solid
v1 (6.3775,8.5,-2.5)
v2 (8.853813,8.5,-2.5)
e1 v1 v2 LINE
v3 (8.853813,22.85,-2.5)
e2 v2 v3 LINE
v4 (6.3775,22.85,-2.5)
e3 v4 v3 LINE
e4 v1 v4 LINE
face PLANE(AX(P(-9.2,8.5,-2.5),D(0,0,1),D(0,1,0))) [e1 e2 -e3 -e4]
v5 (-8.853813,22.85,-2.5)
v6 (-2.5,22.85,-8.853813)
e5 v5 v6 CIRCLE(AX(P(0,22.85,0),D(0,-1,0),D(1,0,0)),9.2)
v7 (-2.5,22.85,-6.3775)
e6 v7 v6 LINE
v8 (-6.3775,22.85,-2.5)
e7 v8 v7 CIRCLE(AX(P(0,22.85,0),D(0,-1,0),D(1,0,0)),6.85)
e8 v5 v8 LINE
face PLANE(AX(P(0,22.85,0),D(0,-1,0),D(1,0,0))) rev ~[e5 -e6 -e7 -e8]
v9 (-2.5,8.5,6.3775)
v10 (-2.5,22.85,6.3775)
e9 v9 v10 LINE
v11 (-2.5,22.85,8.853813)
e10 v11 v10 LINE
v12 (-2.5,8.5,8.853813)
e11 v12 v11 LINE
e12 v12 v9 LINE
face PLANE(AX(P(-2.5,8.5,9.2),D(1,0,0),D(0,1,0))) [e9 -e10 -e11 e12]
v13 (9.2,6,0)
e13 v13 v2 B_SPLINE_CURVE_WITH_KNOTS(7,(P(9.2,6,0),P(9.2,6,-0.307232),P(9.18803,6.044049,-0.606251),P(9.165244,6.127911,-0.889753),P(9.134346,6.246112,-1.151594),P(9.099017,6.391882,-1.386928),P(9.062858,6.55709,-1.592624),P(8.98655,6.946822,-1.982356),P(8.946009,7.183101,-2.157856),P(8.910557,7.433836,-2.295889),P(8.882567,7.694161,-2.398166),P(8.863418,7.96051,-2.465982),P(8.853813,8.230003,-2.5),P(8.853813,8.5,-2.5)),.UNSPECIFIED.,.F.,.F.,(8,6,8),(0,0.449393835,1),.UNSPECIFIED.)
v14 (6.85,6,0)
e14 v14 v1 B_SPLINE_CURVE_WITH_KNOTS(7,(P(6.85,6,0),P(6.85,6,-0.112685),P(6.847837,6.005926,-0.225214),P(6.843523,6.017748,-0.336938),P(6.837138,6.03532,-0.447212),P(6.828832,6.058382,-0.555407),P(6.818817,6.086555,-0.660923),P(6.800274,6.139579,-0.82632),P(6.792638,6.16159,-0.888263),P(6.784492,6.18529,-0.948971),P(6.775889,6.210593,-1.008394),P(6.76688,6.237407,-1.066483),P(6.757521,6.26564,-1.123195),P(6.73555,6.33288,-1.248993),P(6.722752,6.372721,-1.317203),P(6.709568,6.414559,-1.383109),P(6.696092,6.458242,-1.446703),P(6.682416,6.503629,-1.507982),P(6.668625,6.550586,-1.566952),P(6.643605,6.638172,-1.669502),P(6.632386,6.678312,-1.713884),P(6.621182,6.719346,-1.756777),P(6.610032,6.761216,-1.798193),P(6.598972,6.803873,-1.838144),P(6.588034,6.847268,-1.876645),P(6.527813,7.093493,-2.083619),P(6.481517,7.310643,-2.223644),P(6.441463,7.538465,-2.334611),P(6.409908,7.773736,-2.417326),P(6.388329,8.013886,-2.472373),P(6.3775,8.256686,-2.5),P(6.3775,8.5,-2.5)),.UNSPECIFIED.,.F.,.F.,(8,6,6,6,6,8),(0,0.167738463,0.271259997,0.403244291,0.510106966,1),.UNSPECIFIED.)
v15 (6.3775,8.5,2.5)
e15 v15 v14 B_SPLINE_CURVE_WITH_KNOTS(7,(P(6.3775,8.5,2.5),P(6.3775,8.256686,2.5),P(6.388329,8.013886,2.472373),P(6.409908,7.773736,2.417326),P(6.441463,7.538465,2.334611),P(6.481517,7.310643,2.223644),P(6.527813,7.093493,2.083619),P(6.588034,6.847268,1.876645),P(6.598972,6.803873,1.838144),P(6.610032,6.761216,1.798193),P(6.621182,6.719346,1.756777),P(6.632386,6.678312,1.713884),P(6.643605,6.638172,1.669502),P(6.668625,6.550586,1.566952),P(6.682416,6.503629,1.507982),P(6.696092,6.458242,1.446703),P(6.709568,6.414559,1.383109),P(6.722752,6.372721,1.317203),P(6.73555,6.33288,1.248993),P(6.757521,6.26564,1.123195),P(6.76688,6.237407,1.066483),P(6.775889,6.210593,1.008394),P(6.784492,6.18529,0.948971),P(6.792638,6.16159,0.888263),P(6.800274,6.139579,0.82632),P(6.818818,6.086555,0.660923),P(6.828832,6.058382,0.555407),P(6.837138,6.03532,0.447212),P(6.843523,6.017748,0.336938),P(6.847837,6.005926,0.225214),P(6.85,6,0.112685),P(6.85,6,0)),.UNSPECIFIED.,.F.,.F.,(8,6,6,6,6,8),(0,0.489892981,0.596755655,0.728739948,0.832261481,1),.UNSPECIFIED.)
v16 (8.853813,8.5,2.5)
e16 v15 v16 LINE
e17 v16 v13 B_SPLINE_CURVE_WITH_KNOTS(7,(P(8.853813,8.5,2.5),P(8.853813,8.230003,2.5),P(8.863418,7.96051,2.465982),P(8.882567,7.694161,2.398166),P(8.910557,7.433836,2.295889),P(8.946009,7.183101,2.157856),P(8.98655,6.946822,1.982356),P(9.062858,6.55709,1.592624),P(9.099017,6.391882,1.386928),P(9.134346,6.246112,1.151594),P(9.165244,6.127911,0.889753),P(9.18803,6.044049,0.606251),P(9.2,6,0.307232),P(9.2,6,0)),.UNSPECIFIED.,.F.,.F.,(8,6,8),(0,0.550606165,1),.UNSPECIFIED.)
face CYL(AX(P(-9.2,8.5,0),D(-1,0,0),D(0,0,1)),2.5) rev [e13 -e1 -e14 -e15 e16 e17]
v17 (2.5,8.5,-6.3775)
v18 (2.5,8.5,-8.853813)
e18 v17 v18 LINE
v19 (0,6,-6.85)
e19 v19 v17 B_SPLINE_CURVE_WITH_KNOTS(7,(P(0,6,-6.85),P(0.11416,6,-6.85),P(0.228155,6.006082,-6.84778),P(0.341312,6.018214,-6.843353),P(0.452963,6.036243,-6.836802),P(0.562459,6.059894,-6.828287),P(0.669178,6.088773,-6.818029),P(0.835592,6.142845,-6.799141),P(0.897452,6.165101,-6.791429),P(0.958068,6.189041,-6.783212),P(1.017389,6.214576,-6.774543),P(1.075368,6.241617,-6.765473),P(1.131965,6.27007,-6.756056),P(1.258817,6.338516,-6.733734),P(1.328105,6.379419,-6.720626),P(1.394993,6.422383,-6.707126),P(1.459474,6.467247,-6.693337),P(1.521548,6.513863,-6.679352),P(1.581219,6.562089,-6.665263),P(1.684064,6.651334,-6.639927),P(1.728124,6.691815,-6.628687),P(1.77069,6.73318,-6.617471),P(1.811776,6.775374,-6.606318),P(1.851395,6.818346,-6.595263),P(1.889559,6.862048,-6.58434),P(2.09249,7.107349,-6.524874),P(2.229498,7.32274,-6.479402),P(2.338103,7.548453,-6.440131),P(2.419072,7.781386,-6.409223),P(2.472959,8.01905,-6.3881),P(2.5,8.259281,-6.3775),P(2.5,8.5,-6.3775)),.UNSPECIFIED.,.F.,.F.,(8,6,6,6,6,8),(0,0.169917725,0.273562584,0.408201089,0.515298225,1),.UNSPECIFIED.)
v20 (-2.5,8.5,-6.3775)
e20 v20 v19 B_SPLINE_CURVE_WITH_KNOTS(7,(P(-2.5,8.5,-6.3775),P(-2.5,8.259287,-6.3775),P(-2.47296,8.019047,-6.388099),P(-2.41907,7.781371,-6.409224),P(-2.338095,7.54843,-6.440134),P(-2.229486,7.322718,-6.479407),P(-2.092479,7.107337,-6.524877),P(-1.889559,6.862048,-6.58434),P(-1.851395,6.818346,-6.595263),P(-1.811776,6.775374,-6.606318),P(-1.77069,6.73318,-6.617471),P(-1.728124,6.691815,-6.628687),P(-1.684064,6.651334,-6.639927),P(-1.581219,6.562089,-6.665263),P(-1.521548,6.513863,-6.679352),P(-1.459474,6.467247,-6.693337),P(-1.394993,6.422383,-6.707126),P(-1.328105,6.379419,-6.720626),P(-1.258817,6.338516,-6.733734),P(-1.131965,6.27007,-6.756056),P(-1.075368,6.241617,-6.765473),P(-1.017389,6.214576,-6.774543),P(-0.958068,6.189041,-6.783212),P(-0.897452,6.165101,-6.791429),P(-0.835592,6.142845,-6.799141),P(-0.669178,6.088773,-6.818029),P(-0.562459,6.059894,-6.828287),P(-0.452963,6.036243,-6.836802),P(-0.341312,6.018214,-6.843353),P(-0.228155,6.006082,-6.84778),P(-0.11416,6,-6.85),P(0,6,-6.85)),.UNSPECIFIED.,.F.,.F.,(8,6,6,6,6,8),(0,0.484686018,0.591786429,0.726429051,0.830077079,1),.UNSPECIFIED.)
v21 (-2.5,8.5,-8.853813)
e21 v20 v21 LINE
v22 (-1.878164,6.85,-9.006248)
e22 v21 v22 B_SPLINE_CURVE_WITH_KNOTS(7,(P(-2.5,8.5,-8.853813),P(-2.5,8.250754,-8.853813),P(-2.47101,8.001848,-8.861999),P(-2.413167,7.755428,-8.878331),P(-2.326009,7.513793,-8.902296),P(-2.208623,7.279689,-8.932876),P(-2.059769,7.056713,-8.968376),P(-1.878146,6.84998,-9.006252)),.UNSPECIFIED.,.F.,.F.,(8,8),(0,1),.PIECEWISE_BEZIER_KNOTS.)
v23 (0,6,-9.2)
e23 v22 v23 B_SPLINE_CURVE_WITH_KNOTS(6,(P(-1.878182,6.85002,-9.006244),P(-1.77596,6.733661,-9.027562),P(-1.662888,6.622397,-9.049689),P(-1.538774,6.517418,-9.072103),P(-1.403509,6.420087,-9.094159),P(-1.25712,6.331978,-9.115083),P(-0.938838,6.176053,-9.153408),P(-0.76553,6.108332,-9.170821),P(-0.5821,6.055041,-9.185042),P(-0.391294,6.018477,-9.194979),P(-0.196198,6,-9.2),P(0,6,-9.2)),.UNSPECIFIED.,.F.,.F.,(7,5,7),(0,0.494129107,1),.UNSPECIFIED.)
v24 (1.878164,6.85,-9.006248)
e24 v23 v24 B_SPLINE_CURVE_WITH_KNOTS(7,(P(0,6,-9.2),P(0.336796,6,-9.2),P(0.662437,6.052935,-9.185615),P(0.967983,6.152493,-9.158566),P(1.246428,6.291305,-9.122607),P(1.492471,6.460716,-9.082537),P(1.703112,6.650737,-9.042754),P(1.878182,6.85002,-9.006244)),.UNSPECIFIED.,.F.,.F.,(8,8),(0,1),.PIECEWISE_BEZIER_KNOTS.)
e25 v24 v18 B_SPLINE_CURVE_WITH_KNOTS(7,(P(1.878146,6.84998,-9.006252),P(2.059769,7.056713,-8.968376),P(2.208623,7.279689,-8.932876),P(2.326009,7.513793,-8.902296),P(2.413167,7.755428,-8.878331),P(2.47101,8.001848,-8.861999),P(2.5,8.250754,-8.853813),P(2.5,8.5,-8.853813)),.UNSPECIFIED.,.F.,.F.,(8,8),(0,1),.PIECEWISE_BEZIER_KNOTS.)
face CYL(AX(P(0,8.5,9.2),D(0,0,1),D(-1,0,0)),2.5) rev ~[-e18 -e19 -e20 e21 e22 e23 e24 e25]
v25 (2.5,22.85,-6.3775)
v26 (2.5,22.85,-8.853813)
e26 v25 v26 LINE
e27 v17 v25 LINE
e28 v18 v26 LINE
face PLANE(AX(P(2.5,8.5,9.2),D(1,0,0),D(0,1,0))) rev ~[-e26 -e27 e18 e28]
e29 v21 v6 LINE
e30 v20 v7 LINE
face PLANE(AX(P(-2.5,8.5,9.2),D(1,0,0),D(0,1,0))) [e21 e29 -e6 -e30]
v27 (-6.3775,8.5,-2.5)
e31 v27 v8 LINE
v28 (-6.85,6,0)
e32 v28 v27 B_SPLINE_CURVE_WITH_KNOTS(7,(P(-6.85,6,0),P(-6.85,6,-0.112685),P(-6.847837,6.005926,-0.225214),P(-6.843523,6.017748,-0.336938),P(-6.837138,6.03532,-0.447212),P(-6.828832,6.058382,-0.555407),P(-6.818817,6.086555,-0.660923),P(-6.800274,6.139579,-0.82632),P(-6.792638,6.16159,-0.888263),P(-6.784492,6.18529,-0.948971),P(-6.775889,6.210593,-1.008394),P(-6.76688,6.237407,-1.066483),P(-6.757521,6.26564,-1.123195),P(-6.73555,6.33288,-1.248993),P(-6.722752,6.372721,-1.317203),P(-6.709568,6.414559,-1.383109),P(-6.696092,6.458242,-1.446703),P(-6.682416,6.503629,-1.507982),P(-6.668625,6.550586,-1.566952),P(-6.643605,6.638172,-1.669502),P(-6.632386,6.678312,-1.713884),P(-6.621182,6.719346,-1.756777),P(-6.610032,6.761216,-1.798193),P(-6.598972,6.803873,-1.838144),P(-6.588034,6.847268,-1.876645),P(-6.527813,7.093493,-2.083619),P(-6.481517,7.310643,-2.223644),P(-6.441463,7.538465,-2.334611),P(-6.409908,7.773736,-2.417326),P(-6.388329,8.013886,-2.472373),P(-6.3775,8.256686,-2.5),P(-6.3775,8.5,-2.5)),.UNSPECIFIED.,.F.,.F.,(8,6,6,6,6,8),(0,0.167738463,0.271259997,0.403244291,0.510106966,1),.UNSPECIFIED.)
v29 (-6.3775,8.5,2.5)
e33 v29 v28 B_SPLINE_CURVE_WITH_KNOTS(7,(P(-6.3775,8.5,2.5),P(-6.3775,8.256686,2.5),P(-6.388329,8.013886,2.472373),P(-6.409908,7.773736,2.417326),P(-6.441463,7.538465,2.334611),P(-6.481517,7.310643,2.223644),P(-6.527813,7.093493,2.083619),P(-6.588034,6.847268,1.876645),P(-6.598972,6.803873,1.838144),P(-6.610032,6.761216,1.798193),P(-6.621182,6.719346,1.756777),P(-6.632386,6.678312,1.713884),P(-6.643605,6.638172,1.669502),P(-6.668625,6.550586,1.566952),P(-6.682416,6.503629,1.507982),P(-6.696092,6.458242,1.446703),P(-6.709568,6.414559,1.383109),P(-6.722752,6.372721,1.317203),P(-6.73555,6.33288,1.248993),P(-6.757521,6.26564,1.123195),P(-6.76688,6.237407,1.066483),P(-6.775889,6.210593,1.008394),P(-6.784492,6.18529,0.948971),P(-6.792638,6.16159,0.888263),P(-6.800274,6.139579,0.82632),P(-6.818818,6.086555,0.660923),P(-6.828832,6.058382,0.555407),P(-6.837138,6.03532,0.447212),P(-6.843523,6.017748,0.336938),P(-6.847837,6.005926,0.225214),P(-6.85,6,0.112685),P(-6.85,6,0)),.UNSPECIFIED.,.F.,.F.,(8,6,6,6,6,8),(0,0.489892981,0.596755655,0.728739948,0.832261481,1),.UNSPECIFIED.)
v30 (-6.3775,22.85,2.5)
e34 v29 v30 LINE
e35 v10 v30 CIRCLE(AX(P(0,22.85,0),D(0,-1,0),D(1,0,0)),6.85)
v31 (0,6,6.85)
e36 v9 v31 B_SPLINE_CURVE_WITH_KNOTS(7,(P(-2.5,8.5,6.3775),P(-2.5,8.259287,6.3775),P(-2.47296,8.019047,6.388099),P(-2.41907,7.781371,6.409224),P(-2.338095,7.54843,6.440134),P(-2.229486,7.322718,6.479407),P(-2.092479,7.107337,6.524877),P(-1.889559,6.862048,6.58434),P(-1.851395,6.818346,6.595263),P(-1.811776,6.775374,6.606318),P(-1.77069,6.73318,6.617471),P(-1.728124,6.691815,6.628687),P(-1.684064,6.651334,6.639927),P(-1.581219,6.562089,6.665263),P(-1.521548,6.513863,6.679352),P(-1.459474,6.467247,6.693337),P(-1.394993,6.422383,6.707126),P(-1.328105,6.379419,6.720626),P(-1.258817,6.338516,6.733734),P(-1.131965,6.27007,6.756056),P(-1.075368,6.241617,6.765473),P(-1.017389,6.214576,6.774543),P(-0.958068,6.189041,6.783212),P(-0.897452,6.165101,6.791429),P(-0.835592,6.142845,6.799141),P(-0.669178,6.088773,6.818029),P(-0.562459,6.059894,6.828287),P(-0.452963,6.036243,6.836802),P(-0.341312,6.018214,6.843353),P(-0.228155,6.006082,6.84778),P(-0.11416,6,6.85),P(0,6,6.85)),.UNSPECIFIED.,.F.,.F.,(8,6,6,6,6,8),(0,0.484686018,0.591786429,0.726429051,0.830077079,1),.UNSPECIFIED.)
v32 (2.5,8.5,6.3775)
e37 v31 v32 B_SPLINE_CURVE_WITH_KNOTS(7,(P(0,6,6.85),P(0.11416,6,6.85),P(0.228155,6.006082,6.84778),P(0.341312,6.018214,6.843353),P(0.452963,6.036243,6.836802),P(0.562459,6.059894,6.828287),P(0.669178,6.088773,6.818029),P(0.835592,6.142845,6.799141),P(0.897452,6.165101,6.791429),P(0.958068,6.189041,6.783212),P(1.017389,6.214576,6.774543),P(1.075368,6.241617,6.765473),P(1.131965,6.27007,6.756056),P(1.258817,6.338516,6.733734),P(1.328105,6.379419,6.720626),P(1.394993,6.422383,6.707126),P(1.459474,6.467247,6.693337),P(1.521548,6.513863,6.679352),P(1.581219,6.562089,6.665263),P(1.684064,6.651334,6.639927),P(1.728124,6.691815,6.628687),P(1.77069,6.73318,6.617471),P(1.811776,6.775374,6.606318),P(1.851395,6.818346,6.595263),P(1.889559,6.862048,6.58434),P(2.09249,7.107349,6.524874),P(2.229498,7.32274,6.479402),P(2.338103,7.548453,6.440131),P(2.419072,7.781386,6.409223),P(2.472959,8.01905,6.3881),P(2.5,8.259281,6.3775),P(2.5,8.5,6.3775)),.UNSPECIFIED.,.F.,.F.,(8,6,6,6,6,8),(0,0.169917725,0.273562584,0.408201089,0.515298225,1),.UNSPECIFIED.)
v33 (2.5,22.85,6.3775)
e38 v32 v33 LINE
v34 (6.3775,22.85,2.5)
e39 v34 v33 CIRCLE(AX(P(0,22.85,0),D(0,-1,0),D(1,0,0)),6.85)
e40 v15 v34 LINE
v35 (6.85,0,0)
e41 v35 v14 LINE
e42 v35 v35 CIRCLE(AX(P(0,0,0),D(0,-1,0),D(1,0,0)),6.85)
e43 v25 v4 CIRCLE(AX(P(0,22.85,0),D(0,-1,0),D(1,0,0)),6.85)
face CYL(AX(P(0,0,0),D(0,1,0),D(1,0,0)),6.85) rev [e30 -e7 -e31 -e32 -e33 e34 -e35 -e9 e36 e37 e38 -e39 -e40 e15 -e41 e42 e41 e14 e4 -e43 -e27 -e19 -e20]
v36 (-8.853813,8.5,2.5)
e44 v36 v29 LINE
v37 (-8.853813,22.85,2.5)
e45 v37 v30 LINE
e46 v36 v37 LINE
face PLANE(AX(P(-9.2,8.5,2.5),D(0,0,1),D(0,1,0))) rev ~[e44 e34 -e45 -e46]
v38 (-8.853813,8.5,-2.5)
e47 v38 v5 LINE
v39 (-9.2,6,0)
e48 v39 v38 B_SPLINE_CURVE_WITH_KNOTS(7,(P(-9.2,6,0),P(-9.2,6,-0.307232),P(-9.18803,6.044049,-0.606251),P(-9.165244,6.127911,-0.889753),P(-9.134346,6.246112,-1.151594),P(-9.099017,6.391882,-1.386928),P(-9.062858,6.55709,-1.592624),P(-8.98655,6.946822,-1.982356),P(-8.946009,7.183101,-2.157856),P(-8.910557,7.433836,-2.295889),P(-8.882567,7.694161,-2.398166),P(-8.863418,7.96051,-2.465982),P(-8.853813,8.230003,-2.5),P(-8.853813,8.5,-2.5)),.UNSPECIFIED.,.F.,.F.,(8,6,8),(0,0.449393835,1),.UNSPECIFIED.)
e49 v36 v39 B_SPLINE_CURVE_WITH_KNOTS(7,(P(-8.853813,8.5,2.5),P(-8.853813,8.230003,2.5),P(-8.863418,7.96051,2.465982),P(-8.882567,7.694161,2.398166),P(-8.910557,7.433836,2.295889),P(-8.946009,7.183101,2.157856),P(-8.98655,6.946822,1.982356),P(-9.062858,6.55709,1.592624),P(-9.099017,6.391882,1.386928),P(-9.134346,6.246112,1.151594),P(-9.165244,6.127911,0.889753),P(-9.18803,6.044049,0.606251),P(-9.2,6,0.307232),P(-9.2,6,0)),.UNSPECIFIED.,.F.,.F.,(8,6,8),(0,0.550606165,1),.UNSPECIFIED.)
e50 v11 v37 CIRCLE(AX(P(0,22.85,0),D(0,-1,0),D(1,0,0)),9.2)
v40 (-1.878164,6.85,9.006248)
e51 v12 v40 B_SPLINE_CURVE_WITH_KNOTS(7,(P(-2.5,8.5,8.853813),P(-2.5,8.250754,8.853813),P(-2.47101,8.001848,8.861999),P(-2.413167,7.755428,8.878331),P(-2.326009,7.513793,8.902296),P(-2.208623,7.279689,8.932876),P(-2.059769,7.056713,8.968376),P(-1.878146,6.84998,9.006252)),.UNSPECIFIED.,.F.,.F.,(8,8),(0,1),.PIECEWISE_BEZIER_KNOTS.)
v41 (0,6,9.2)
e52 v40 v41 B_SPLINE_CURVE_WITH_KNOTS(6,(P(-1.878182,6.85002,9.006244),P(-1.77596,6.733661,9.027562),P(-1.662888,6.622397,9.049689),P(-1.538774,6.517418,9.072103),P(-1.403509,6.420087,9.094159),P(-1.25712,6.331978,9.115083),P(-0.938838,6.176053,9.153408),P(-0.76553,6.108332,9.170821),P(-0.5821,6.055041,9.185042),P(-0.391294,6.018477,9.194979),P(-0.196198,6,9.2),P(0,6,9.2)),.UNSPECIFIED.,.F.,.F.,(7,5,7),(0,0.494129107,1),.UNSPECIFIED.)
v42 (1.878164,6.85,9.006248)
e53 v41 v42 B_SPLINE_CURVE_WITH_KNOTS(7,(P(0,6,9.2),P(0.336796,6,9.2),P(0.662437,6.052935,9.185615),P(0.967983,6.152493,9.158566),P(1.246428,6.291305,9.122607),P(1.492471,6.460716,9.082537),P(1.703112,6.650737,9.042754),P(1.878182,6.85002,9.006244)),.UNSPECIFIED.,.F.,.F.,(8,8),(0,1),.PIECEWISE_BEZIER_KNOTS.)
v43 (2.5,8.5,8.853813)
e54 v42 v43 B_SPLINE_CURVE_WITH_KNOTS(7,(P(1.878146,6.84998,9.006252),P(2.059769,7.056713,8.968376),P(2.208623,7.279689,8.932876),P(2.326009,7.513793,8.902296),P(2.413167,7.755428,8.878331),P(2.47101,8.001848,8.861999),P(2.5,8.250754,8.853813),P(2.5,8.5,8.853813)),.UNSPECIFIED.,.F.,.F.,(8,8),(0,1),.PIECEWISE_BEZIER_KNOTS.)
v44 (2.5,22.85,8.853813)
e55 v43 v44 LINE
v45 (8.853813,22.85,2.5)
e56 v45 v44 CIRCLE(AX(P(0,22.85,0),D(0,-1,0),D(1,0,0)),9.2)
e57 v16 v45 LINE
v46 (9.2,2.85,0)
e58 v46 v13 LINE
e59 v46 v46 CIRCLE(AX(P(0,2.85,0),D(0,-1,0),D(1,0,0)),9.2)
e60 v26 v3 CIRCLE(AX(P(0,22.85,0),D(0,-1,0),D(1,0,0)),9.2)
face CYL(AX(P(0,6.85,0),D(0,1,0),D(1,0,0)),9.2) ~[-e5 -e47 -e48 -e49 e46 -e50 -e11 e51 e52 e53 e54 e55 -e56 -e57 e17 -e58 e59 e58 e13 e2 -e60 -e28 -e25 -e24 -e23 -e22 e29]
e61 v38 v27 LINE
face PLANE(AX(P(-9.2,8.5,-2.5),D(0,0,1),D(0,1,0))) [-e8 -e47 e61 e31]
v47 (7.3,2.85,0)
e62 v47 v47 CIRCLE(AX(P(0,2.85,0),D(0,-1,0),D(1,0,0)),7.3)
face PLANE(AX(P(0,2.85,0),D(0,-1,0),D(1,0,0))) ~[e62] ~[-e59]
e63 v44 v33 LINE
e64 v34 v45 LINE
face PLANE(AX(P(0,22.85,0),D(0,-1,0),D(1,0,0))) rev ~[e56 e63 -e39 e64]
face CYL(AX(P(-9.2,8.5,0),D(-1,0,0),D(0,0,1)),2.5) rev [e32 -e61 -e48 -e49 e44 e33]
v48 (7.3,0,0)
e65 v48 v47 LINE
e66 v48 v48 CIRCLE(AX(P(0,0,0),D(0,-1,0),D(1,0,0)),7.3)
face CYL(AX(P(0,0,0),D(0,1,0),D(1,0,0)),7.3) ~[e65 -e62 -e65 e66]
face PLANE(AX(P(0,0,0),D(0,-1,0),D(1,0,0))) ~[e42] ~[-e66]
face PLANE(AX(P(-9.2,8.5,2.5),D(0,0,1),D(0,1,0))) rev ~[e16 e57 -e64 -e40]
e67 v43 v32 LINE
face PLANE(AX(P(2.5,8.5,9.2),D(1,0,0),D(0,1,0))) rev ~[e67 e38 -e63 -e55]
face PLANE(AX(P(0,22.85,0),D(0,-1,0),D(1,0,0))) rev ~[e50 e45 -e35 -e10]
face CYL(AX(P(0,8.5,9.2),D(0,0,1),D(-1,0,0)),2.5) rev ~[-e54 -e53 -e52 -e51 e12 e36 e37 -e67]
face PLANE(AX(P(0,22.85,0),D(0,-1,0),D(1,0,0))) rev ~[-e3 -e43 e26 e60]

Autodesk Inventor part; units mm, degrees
ref_plane "XZ Plane" through (0, 0, 0) normal (0, 1, 0) x (-1, 0, 0)
sketch "Esboço1" plane through (0, 0, 0) normal (0, 0, 1) x (1, 0, 0)
  line L0 (0, 0) -> (7.3, 0)
  line L1 (7.3, 0) -> (7.3, 2.85)
  line L2 (7.3, 2.85) -> (9.2, 2.85)
  line L3 (0, 22.85) -> (0, 0)
  line L4 (9.2, 2.85) -> (9.2, 6.85)
  line L5 (6.85, 0) -> (6.85, 22.85)
  line L6 (9.2, 6.85) -> (9.2, 22.85)
  line L7 (9.2, 6.85) -> (9.2, 6.85)
  line L8 (9.2, 22.85) -> (0, 22.85)
  dimension "d0" = 7.3
  dimension "d1" = 2.85
  dimension "d4" = 4
  dimension "d7" = 9.2
  dimension "d11" = 2.35
  dimension "d12" = 9.2
  dimension "d24" = 16
revolve "Revolução1" add sketch "Esboço1" angle 360 about axis through (0, 22.85, 0) along (0, -1, 0) contours L5 L8 L6 L4 L2 L1 L0
ref_plane "Plano de trabalho1" through (0, 12.85, 9.2) normal (0, 0, 1) x (1, 0, 0)
sketch "Esboço3" plane through (0, 12.85, 9.2) normal (0, 0, 1) x (1, 0, 0)
  line L0 (0, -12.85) -> (0, -6.85)
  line L1 (-9.2, 10) -> (9.2, 10) projected
  line L2 (0, -6.85) -> (0, -4.35)
  arc A0 (-2.5, -4.35) -> (2.5, -4.35) centre (0, -4.35) ccw
  line L3 (2.5, -4.35) -> (2.5, 10)
  line L4 (-2.5, -4.35) -> (-2.5, 10)
  point P0 (-2, 10)
  point P1 (2, 10)
  dimension "d16" = 6
  dimension "d25" = 2.5
ref_plane "Plano de trabalho2" through (-9.2, 12.85, 0) normal (1, 0, 0) x (0, 1, 0)
sketch "Esboço4" plane through (-9.2, 12.85, 0) normal (1, 0, 0) x (0, 1, 0)
  line L0 (-12.85, 0) -> (-6.85, 0)
  line L1 (10, 0) -> (10, 0) projected
  line L2 (10, -2) -> (10, 2)
  line L3 (10, 0) -> (10, 0) projected
  arc A0 (-4.35, 2.5) -> (-4.35, -2.5) centre (-4.35, 0) ccw
  line L4 (-4.35, 2.5) -> (10, 2.5)
  line L5 (-4.35, -2.5) -> (10, -2.5)
  line L6 (10, -2.5) -> (10, 2.5)
  dimension "d20" = 6
extrude "Extrusão3" cut sketch "Esboço3" against normal blind 20
extrude "Extrusão4" cut sketch "Esboço4" along normal blind 20
properties part number "trava_botao_3DPrint"
